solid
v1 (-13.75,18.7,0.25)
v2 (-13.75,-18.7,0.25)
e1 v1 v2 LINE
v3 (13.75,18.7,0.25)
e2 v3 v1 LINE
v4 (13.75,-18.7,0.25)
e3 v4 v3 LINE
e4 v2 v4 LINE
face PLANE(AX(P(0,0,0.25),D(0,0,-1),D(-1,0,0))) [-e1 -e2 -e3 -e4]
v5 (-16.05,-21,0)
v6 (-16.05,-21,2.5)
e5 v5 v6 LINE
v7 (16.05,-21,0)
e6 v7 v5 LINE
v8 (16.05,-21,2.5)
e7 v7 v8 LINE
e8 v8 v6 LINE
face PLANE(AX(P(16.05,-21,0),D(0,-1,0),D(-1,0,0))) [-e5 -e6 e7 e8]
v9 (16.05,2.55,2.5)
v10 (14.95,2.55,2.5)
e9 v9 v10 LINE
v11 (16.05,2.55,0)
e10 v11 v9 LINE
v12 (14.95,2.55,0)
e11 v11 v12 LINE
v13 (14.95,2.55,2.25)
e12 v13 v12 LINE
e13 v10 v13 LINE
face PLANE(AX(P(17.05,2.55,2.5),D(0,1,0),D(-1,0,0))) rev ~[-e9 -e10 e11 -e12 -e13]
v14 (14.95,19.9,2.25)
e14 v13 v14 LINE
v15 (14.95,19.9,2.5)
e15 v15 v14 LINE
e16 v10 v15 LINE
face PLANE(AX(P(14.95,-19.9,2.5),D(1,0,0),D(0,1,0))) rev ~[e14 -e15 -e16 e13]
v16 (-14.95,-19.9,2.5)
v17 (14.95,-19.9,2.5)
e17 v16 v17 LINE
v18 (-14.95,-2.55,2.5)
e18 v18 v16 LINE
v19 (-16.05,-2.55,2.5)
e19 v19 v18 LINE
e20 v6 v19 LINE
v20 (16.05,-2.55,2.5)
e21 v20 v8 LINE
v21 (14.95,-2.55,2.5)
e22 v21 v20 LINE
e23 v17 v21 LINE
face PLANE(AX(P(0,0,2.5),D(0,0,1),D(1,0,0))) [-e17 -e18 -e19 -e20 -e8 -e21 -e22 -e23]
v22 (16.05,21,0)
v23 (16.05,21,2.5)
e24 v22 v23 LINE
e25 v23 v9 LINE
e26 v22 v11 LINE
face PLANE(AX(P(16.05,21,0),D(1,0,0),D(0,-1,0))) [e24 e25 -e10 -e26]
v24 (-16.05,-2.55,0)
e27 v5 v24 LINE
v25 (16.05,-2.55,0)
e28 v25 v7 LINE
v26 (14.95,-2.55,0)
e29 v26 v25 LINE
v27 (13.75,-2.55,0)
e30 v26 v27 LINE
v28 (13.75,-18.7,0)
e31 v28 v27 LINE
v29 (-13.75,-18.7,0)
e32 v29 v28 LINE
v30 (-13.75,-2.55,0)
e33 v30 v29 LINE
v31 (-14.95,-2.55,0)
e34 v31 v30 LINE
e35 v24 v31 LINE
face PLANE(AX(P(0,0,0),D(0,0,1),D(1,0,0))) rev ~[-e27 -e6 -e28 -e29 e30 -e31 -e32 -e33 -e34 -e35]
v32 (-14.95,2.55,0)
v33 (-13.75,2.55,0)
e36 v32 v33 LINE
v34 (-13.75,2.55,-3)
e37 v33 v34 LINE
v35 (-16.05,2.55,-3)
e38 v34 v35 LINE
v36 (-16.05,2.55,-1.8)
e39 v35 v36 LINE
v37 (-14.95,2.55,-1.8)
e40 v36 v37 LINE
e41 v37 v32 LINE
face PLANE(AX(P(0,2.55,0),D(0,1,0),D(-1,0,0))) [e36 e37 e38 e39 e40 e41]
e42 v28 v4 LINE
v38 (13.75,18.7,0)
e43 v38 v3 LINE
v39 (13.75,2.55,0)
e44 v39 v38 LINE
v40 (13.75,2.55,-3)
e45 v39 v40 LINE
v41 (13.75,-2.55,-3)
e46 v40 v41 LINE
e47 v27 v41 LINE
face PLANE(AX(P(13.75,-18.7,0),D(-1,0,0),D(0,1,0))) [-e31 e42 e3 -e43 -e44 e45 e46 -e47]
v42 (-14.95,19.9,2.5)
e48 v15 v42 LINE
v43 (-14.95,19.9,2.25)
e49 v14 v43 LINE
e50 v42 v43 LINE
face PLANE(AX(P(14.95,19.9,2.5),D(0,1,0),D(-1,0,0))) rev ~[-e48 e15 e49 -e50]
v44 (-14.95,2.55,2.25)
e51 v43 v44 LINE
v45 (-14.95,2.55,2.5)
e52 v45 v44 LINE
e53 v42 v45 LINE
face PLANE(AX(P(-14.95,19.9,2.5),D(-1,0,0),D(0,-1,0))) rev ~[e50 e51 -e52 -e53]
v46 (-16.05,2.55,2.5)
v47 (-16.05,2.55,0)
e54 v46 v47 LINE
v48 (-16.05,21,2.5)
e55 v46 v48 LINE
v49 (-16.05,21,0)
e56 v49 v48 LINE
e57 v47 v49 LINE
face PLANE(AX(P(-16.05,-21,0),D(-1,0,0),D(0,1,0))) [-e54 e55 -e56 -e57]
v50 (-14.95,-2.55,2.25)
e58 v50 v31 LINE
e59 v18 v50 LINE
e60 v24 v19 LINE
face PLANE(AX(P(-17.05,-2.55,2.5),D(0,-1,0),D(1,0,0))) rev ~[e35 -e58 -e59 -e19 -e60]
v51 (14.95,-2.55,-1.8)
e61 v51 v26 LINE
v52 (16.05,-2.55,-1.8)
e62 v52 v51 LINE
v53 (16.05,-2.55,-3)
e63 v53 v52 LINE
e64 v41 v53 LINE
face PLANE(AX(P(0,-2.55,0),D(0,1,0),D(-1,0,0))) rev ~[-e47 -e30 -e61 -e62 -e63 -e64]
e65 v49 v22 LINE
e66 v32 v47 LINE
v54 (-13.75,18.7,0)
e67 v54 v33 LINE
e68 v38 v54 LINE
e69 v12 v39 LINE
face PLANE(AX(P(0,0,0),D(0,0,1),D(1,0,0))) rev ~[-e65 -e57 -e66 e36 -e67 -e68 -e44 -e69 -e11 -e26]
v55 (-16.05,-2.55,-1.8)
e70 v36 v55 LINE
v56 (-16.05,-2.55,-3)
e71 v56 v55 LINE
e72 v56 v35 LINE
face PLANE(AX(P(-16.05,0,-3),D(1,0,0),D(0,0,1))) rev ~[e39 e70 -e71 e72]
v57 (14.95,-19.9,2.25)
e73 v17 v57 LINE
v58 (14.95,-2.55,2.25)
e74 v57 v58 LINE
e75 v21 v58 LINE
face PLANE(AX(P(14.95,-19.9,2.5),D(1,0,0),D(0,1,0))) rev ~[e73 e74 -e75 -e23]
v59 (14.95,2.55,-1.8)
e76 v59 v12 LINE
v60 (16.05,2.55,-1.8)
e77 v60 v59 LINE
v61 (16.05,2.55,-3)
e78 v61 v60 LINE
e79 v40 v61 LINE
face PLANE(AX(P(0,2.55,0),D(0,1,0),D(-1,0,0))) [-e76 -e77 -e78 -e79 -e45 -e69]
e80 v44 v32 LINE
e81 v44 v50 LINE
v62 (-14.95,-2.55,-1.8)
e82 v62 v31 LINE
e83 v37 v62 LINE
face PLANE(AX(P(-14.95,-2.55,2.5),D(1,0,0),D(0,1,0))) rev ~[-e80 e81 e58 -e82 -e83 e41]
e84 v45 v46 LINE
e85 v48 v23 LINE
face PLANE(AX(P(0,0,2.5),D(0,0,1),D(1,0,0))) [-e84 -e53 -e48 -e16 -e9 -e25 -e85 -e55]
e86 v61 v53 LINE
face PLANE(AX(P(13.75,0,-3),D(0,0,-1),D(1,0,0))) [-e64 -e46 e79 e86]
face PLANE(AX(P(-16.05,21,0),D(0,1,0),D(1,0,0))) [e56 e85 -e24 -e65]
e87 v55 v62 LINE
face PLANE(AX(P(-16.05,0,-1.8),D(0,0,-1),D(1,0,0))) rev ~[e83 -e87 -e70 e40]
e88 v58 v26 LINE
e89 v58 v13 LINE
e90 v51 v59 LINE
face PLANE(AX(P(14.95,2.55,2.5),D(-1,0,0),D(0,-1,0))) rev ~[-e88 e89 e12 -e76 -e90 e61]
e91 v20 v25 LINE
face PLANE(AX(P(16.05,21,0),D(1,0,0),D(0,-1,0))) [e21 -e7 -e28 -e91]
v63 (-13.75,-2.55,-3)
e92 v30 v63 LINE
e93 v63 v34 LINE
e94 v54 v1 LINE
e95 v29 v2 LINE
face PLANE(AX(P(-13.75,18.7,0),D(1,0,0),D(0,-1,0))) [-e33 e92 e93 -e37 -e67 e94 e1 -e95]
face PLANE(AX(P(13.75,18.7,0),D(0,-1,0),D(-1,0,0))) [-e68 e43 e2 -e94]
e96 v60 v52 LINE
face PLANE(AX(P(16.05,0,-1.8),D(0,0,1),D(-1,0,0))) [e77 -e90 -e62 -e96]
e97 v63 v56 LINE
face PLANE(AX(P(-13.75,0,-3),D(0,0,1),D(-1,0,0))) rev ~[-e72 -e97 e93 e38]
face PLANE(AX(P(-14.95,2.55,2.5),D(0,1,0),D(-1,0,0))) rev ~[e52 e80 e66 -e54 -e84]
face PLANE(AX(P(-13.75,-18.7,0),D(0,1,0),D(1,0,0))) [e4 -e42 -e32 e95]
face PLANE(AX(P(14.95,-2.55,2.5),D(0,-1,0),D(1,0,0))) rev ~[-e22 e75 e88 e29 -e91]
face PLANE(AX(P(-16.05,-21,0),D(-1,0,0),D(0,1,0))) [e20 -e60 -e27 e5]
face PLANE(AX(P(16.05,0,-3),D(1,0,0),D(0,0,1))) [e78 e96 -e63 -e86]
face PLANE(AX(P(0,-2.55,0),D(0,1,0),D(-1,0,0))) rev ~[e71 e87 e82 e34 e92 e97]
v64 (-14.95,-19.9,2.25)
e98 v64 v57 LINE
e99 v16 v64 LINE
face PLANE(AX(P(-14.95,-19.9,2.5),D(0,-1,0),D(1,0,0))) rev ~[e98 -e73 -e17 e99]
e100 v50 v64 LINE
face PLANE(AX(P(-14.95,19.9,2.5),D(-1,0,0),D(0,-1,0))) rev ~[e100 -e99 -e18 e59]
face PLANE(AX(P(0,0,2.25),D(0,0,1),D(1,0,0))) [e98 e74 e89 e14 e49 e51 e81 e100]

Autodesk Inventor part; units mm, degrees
ref_plane "YZ Plane" through (0, 0, 0) normal (1, 0, 0) x (0, 1, 0)
ref_plane "XZ Plane" through (0, 0, 0) normal (0, 1, 0) x (-1, 0, 0)
ref_plane "XY Plane" through (0, 0, 0) normal (0, 0, 1) x (1, 0, 0)
sketch "Эскиз1" plane through (0, 0, 0) normal (0, 0, 1) x (1, 0, 0)
  line L0 (-16.05, 21) -> (16.05, 21)
  line L1 (16.05, 21) -> (16.05, -21)
  line L2 (16.05, -21) -> (-16.05, -21)
  line L3 (-16.05, -21) -> (-16.05, 21)
  point P0 (0, 0)
  point P1 (0, 21)
  point P2 (16.05, 0)
  dimension "d0" = 32.1
  dimension "d1" = 42
extrude "Выдавливание1" add sketch "Эскиз1" along normal blind 2.5
sketch "Эскиз2" plane through (0, 0, 0) normal (0, 1, 0) x (-1, 0, 0)
  line L0 (16.05, 0) -> (-16.05, 0) construction
  line L1 (16.05, 0) -> (16.05, 2.5) construction
  line L2 (-16.05, 2.5) -> (16.05, 2.5) construction
  line L3 (-16.05, 0) -> (-16.05, 2.5) construction
  line L4 (-13.75, 0) -> (-13.75, -3)
  line L5 (-13.75, -3) -> (-16.05, -3)
  line L6 (-16.05, -3) -> (-16.05, -1.8)
  line L7 (-16.05, -1.8) -> (-14.95, -1.8)
  line L8 (-14.95, -1.8) -> (-14.95, 0)
  line L9 (-14.95, 0) -> (-13.75, 0)
  line L10 (13.75, 0) -> (13.75, -3)
  line L11 (13.75, -3) -> (16.05, -3)
  line L12 (16.05, -3) -> (16.05, -1.8)
  line L13 (16.05, -1.8) -> (14.95, -1.8)
  line L14 (14.95, -1.8) -> (14.95, 0)
  line L15 (14.95, 0) -> (13.75, 0)
  point P0 (0, 0)
  dimension "d4" = 2.3
  dimension "d5" = 1.2
  dimension "d6" = 5.5
extrude "Выдавливание2" add sketch "Эскиз2" along normal mid plane 5.1
sketch "Эскиз3" plane through (0, 0, 2.5) normal (0, 0, 1) x (1, 0, 0)
  line L0 (17.05, 2.55) -> (14.95, 2.55)
  line L1 (14.95, 2.55) -> (14.95, -2.55)
  line L2 (14.95, -2.55) -> (17.05, -2.55)
  line L3 (17.05, -2.55) -> (17.05, 2.55)
  line L4 (-14.95, 2.55) -> (-17.05, 2.55)
  line L5 (-17.05, 2.55) -> (-17.05, -2.55)
  line L6 (-17.05, -2.55) -> (-14.95, -2.55)
  line L7 (-14.95, -2.55) -> (-14.95, 2.55)
  line L8 (-16.05, 21) -> (-16.05, -21) construction
  line L9 (16.05, -21) -> (16.05, 21) construction
  line L10 (16.05, -2.55) -> (16.05, 2.55) construction
  line L11 (14.95, 2.55) -> (16.05, 2.55) construction
  line L12 (14.95, -2.55) -> (14.95, 2.55) construction
  line L13 (16.05, -2.55) -> (14.95, -2.55) construction
  line L14 (-14.95, 2.55) -> (-14.95, -2.55) construction
  line L15 (-16.05, 2.55) -> (-14.95, 2.55) construction
  line L16 (-16.05, 2.55) -> (-16.05, -2.55) construction
  line L17 (-14.95, -2.55) -> (-16.05, -2.55) construction
  point P0 (0, 0)
  dimension "d9" = 1
  dimension "d10" = 1
extrude "Выдавливание3" cut sketch "Эскиз3" against normal up to surface (4.3 mm away)
sketch "Эскиз4" plane through (0, 0, 0) normal (0, 0, -1) x (-1, 0, 0)
  line L0 (13.75, -18.7) -> (-13.75, -18.7)
  line L1 (-13.75, -18.7) -> (-13.75, 18.7)
  line L2 (-13.75, 18.7) -> (13.75, 18.7)
  line L3 (13.75, 18.7) -> (13.75, -18.7)
  line L4 (-16.05, -21) -> (16.05, -21) construction
  line L5 (16.05, 21) -> (-16.05, 21) construction
  line L6 (13.75, -2.55) -> (13.75, 2.55) construction
  line L7 (-13.75, 2.55) -> (-13.75, -2.55) construction
  line L8 (16.05, -2.55) -> (16.05, -21) construction
  point P0 (0, 0)
  dimension "d13" = 2.3
  dimension "d14" = 2.3
  dimension "d15" = 2.3
extrude "Выдавливание4" cut sketch "Эскиз4" against normal blind 0.25
sketch "Эскиз5" plane through (0, 0, 2.5) normal (0, 0, 1) x (1, 0, 0)
  line L0 (14.95, 19.9) -> (-14.95, 19.9)
  line L1 (-14.95, 19.9) -> (-14.95, -19.9)
  line L2 (-14.95, -19.9) -> (14.95, -19.9)
  line L3 (14.95, -19.9) -> (14.95, 19.9)
  line L4 (14.95, -2.55) -> (14.95, 2.55) construction
  line L5 (-14.95, 2.55) -> (-14.95, -2.55) construction
  line L6 (16.05, 2.55) -> (16.05, 21) construction
  line L7 (16.05, 21) -> (-16.05, 21) construction
  line L8 (-16.05, -21) -> (16.05, -21) construction
  point P0 (0, 0)
  dimension "d18" = 1.1
  dimension "d19" = 1.1
  dimension "d20" = 1.1
extrude "Выдавливание5" cut sketch "Эскиз5" against normal blind 0.25
equation "\"d14\" = d13"
equation "\"d15\" = d13"
equation "\"d19\" = d18"
equation "\"d20\" = d18"
properties part number "D2MG cover"
